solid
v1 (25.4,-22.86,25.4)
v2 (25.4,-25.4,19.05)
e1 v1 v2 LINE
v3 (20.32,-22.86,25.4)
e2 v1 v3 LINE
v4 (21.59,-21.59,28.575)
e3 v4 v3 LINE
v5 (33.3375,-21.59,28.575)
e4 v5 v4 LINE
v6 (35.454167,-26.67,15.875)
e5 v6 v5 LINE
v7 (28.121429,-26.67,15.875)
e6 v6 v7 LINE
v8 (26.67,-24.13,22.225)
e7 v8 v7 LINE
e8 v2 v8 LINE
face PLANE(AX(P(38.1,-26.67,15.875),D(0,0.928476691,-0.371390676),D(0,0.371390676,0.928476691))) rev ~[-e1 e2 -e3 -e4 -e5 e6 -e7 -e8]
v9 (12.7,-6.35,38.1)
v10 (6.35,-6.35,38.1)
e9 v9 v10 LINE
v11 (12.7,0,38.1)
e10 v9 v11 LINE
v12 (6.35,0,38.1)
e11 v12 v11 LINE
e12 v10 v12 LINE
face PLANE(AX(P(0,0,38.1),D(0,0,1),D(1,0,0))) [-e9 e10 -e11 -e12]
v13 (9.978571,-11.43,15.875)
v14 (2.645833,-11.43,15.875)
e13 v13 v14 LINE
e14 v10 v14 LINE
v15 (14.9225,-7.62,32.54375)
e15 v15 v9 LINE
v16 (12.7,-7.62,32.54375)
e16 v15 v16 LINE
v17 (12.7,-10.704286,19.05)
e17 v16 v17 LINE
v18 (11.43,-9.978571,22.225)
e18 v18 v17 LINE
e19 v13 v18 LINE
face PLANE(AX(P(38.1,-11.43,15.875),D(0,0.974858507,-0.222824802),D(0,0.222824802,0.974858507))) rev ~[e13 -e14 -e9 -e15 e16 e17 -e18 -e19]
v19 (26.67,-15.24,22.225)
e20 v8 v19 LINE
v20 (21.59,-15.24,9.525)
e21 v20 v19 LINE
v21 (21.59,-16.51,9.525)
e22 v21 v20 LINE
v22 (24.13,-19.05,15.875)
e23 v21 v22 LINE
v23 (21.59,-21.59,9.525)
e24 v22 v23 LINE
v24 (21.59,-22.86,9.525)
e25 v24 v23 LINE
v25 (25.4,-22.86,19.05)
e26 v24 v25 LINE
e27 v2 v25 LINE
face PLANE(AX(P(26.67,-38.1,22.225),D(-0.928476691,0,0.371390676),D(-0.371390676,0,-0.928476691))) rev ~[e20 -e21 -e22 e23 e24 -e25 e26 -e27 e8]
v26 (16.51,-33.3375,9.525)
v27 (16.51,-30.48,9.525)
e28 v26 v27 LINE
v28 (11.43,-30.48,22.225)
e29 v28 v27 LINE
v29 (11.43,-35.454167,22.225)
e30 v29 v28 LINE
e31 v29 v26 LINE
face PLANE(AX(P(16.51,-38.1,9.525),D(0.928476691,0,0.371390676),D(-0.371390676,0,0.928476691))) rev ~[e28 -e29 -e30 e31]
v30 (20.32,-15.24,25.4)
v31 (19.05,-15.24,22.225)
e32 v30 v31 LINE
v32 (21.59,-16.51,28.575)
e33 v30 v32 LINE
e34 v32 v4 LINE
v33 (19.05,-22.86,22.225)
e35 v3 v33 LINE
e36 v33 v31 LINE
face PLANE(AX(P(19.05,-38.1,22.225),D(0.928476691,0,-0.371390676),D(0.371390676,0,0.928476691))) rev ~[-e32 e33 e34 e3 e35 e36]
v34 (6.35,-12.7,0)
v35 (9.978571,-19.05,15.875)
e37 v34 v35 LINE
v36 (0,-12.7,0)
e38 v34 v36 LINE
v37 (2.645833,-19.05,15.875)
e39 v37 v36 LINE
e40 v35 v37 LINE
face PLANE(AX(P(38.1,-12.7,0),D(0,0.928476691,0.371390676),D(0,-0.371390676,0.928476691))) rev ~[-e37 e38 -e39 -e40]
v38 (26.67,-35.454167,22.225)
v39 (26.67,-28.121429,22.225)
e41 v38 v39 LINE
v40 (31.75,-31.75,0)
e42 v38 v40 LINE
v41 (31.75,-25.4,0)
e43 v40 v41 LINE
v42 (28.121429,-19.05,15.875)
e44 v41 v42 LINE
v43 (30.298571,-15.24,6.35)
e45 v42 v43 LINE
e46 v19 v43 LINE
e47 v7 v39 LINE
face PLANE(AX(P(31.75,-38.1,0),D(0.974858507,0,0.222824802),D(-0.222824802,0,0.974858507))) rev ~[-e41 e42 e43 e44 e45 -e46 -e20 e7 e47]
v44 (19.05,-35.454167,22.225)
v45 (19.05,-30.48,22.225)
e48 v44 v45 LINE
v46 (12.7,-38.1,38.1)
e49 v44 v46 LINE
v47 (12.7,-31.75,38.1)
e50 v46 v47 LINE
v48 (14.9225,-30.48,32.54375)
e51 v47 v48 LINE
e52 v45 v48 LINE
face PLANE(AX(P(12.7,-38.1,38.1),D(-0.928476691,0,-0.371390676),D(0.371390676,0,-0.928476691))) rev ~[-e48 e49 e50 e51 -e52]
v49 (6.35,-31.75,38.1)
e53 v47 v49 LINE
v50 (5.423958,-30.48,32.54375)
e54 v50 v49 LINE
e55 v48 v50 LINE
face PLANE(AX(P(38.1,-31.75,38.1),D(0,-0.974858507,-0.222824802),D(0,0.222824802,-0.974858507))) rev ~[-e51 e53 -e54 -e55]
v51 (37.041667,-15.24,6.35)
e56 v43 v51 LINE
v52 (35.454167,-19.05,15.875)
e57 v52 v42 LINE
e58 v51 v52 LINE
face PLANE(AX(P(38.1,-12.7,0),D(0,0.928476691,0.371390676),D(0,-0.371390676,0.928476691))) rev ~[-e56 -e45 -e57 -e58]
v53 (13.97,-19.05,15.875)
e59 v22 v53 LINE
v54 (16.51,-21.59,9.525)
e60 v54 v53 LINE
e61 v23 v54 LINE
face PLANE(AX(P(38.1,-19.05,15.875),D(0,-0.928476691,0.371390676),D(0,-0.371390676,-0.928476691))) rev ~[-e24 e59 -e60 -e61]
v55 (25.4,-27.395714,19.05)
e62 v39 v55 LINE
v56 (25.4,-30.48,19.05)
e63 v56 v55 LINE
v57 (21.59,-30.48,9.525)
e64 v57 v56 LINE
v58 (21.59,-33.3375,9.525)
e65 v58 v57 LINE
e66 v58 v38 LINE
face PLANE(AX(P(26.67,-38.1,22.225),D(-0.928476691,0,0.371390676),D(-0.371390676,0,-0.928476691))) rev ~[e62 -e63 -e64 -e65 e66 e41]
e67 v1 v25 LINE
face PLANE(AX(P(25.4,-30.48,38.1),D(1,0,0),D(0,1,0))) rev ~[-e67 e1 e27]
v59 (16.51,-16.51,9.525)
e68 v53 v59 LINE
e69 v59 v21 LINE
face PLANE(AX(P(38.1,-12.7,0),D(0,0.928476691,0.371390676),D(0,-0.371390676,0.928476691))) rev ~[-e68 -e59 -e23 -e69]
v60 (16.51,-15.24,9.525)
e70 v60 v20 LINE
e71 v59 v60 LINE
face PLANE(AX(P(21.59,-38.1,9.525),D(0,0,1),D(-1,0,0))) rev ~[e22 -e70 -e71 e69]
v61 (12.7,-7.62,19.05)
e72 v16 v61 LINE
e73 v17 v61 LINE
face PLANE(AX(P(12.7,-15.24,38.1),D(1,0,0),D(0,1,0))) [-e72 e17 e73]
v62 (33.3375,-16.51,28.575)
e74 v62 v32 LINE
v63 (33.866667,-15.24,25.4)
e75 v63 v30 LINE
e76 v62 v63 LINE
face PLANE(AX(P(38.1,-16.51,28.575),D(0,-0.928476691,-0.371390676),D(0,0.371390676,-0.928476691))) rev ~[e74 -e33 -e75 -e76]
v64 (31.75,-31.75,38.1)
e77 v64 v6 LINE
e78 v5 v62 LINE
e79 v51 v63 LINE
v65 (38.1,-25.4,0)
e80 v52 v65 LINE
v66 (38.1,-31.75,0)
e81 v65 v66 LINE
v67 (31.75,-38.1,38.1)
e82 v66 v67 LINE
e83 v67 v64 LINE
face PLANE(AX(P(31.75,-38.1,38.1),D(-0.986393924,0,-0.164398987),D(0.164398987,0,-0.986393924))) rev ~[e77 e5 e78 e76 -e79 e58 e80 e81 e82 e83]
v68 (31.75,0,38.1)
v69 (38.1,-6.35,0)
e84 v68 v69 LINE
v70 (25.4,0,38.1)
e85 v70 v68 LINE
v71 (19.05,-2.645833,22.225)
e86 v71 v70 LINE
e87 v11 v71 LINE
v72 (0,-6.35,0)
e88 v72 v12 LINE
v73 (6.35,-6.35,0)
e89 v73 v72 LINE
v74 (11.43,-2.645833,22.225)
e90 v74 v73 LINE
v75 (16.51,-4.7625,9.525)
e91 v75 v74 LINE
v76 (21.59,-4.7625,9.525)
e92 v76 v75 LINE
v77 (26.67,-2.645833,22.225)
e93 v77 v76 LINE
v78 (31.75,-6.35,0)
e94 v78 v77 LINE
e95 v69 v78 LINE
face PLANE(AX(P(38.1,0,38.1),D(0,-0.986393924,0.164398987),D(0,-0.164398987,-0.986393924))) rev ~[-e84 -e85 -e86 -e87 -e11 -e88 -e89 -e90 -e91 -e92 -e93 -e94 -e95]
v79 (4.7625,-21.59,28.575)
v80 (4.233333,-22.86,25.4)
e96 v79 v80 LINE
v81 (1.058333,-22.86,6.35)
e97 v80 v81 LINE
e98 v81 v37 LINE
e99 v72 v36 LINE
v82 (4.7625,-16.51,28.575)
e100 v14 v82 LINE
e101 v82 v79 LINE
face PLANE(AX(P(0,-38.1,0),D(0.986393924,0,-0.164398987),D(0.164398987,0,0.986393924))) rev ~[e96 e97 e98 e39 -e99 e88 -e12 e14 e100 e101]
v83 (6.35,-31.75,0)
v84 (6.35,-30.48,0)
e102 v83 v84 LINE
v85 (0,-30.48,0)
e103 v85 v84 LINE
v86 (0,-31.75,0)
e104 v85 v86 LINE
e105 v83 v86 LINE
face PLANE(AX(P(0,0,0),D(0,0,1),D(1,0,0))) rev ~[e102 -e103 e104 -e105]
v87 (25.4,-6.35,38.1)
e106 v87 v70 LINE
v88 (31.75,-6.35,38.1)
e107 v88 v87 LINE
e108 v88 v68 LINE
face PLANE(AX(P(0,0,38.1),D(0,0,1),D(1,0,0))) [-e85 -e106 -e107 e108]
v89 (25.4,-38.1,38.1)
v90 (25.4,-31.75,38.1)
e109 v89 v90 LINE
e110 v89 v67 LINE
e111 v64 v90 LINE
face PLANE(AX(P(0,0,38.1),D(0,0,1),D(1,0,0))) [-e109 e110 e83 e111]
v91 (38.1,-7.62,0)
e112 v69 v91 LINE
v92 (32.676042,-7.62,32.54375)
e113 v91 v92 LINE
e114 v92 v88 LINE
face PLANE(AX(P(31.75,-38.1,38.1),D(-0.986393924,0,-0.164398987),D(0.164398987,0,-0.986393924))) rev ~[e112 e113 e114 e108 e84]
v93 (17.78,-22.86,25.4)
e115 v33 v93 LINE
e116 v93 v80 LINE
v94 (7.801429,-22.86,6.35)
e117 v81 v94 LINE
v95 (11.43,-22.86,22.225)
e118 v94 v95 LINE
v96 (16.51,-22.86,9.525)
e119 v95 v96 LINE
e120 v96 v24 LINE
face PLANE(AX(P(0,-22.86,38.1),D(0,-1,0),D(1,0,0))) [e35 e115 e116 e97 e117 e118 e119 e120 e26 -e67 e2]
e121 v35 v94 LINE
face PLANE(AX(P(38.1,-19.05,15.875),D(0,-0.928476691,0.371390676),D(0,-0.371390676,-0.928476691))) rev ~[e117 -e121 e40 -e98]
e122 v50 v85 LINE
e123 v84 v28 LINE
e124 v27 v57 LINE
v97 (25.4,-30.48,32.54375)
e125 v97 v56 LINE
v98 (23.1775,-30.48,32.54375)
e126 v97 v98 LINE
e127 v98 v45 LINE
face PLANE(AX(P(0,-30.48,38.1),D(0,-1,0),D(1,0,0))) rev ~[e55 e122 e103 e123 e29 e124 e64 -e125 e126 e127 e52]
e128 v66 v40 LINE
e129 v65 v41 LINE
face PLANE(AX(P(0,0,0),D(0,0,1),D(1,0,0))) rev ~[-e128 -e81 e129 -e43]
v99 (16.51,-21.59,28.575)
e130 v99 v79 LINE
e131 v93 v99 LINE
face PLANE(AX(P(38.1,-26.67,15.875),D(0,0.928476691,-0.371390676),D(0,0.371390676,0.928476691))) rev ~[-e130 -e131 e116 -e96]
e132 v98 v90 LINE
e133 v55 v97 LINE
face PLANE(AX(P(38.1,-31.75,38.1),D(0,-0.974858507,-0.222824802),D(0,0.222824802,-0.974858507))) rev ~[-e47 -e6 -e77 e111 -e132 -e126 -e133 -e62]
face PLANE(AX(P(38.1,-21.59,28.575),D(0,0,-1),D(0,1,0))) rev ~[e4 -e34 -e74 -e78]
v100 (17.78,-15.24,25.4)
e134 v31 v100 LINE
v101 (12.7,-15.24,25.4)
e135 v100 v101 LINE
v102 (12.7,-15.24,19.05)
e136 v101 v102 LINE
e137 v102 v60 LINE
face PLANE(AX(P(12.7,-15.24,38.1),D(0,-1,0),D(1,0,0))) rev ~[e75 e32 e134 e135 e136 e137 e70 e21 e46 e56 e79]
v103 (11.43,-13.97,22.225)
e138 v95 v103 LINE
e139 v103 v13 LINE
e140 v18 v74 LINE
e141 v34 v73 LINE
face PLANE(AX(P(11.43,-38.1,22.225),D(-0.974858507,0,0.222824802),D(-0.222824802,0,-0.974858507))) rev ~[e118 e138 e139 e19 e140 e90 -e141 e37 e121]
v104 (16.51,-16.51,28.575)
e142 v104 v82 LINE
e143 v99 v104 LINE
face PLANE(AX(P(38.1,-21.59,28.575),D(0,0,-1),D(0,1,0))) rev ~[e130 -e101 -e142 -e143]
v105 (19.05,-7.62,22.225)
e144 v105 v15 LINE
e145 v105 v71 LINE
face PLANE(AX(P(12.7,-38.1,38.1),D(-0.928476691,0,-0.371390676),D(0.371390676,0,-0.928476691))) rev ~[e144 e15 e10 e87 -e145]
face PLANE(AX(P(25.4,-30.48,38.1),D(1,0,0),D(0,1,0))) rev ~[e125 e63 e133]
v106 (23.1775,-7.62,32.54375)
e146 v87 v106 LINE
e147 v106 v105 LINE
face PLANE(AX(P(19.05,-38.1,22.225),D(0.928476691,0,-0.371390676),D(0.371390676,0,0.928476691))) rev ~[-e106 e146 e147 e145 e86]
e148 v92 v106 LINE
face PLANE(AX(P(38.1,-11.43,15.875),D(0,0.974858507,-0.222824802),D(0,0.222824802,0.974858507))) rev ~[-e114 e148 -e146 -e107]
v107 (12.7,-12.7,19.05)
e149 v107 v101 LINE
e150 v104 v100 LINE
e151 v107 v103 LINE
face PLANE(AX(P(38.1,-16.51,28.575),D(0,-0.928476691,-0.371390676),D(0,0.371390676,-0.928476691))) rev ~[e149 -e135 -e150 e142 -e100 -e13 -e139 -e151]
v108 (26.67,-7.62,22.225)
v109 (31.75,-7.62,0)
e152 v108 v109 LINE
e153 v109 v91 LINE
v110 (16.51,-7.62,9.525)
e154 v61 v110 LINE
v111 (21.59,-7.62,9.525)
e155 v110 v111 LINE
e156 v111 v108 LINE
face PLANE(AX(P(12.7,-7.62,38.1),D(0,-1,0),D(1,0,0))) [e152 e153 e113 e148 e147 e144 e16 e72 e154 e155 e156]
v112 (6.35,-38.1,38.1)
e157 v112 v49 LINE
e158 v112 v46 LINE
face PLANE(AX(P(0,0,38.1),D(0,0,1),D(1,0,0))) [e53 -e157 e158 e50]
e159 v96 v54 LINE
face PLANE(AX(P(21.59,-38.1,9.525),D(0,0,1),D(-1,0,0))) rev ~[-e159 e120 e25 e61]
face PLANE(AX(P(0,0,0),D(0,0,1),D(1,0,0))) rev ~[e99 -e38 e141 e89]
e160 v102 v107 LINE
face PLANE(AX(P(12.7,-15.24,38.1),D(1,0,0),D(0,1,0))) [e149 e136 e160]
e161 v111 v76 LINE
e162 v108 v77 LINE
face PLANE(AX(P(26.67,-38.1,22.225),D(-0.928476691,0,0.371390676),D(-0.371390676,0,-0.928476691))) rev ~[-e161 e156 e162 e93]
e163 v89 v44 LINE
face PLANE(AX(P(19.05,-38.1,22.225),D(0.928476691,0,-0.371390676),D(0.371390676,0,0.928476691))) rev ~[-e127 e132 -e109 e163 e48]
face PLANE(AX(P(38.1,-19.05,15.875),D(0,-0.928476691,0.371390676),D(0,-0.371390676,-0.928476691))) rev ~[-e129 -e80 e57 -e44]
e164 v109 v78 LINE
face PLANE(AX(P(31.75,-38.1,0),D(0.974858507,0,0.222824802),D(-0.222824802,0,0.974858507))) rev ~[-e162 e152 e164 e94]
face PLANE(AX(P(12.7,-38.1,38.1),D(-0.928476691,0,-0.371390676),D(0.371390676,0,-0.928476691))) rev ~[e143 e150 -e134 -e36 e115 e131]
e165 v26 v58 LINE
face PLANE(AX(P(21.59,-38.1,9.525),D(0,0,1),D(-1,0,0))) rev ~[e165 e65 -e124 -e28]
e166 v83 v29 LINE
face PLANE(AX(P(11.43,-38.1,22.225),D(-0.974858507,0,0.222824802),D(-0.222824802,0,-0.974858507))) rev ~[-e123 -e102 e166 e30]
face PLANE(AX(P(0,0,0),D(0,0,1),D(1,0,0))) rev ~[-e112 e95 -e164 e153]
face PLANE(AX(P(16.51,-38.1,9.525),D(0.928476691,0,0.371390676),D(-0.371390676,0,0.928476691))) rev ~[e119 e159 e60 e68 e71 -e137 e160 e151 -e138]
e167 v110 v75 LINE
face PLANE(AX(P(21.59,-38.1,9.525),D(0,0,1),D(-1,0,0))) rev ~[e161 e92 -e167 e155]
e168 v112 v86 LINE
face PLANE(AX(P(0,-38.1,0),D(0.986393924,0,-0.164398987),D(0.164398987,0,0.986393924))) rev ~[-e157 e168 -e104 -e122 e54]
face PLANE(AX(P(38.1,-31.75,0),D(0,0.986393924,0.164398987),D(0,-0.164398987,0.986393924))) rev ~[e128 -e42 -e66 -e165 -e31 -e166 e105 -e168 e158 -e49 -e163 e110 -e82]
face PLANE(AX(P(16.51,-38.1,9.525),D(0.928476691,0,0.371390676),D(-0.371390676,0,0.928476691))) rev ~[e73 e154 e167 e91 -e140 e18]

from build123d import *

# Parameters (mm, degrees)
F0_W      = 38.1
F0_H      = 38.1
F1_DEPTH  = 38.1
F6_DEPTH  = 38.1
F8_DEPTH  = 38.1
F9_W      = 25.4
F9_H      = 7.62
F10_DEPTH = 38.1


with BuildPart() as f1:
    # F0 (on Front) → F1 (new body)
    with BuildSketch(Plane.XZ):
        with Locations((19.05, 19.05)):
            Rectangle(F0_W, F0_H)
    extrude(amount=F1_DEPTH)

    # F5 (on offset) → F6 (cut)
    with BuildSketch(Plane.YZ.offset(38.1)):
        Polygon((-11.43, 15.875), (-6.35, 38.1), (-31.75, 38.1), (-26.67, 15.875), (-21.59, 28.575), (-16.51, 28.575), align=None)
        Polygon((-31.75, 0), (-38.1, 38.1), (-38.1, 0), align=None)
        Polygon((-25.4, 0), (-12.7, 0), (-19.05, 15.875), align=None)
        Polygon((-6.35, 0), (0, 0), (0, 38.1), align=None)
    extrude(amount=-F6_DEPTH, mode=Mode.SUBTRACT)

    # F7 (on offset) → F8 (cut)
    with BuildSketch(Plane.XZ.offset(38.1)):
        Polygon((25.4, 38.1), (12.7, 38.1), (19.05, 22.225), align=None)
        Polygon((31.75, 38.1), (38.1, 0), (38.1, 38.1), align=None)
        Polygon((6.35, 38.1), (0, 38.1), (0, 0), align=None)
        Polygon((11.43, 22.225), (6.35, 0), (31.75, 0), (26.67, 22.225), (21.59, 9.525), (16.51, 9.525), align=None)
    extrude(amount=-F8_DEPTH, mode=Mode.SUBTRACT)

    # F9 (on offset) → F10 (cut)
    with BuildSketch(Plane.XY.offset(38.1)):
        with Locations((12.7, -26.67)):
            Rectangle(F9_W, F9_H)
        with Locations((25.4, -11.43)):
            Rectangle(F9_W, F9_H)
    extrude(amount=-F10_DEPTH, mode=Mode.SUBTRACT)


solid = f1.part
